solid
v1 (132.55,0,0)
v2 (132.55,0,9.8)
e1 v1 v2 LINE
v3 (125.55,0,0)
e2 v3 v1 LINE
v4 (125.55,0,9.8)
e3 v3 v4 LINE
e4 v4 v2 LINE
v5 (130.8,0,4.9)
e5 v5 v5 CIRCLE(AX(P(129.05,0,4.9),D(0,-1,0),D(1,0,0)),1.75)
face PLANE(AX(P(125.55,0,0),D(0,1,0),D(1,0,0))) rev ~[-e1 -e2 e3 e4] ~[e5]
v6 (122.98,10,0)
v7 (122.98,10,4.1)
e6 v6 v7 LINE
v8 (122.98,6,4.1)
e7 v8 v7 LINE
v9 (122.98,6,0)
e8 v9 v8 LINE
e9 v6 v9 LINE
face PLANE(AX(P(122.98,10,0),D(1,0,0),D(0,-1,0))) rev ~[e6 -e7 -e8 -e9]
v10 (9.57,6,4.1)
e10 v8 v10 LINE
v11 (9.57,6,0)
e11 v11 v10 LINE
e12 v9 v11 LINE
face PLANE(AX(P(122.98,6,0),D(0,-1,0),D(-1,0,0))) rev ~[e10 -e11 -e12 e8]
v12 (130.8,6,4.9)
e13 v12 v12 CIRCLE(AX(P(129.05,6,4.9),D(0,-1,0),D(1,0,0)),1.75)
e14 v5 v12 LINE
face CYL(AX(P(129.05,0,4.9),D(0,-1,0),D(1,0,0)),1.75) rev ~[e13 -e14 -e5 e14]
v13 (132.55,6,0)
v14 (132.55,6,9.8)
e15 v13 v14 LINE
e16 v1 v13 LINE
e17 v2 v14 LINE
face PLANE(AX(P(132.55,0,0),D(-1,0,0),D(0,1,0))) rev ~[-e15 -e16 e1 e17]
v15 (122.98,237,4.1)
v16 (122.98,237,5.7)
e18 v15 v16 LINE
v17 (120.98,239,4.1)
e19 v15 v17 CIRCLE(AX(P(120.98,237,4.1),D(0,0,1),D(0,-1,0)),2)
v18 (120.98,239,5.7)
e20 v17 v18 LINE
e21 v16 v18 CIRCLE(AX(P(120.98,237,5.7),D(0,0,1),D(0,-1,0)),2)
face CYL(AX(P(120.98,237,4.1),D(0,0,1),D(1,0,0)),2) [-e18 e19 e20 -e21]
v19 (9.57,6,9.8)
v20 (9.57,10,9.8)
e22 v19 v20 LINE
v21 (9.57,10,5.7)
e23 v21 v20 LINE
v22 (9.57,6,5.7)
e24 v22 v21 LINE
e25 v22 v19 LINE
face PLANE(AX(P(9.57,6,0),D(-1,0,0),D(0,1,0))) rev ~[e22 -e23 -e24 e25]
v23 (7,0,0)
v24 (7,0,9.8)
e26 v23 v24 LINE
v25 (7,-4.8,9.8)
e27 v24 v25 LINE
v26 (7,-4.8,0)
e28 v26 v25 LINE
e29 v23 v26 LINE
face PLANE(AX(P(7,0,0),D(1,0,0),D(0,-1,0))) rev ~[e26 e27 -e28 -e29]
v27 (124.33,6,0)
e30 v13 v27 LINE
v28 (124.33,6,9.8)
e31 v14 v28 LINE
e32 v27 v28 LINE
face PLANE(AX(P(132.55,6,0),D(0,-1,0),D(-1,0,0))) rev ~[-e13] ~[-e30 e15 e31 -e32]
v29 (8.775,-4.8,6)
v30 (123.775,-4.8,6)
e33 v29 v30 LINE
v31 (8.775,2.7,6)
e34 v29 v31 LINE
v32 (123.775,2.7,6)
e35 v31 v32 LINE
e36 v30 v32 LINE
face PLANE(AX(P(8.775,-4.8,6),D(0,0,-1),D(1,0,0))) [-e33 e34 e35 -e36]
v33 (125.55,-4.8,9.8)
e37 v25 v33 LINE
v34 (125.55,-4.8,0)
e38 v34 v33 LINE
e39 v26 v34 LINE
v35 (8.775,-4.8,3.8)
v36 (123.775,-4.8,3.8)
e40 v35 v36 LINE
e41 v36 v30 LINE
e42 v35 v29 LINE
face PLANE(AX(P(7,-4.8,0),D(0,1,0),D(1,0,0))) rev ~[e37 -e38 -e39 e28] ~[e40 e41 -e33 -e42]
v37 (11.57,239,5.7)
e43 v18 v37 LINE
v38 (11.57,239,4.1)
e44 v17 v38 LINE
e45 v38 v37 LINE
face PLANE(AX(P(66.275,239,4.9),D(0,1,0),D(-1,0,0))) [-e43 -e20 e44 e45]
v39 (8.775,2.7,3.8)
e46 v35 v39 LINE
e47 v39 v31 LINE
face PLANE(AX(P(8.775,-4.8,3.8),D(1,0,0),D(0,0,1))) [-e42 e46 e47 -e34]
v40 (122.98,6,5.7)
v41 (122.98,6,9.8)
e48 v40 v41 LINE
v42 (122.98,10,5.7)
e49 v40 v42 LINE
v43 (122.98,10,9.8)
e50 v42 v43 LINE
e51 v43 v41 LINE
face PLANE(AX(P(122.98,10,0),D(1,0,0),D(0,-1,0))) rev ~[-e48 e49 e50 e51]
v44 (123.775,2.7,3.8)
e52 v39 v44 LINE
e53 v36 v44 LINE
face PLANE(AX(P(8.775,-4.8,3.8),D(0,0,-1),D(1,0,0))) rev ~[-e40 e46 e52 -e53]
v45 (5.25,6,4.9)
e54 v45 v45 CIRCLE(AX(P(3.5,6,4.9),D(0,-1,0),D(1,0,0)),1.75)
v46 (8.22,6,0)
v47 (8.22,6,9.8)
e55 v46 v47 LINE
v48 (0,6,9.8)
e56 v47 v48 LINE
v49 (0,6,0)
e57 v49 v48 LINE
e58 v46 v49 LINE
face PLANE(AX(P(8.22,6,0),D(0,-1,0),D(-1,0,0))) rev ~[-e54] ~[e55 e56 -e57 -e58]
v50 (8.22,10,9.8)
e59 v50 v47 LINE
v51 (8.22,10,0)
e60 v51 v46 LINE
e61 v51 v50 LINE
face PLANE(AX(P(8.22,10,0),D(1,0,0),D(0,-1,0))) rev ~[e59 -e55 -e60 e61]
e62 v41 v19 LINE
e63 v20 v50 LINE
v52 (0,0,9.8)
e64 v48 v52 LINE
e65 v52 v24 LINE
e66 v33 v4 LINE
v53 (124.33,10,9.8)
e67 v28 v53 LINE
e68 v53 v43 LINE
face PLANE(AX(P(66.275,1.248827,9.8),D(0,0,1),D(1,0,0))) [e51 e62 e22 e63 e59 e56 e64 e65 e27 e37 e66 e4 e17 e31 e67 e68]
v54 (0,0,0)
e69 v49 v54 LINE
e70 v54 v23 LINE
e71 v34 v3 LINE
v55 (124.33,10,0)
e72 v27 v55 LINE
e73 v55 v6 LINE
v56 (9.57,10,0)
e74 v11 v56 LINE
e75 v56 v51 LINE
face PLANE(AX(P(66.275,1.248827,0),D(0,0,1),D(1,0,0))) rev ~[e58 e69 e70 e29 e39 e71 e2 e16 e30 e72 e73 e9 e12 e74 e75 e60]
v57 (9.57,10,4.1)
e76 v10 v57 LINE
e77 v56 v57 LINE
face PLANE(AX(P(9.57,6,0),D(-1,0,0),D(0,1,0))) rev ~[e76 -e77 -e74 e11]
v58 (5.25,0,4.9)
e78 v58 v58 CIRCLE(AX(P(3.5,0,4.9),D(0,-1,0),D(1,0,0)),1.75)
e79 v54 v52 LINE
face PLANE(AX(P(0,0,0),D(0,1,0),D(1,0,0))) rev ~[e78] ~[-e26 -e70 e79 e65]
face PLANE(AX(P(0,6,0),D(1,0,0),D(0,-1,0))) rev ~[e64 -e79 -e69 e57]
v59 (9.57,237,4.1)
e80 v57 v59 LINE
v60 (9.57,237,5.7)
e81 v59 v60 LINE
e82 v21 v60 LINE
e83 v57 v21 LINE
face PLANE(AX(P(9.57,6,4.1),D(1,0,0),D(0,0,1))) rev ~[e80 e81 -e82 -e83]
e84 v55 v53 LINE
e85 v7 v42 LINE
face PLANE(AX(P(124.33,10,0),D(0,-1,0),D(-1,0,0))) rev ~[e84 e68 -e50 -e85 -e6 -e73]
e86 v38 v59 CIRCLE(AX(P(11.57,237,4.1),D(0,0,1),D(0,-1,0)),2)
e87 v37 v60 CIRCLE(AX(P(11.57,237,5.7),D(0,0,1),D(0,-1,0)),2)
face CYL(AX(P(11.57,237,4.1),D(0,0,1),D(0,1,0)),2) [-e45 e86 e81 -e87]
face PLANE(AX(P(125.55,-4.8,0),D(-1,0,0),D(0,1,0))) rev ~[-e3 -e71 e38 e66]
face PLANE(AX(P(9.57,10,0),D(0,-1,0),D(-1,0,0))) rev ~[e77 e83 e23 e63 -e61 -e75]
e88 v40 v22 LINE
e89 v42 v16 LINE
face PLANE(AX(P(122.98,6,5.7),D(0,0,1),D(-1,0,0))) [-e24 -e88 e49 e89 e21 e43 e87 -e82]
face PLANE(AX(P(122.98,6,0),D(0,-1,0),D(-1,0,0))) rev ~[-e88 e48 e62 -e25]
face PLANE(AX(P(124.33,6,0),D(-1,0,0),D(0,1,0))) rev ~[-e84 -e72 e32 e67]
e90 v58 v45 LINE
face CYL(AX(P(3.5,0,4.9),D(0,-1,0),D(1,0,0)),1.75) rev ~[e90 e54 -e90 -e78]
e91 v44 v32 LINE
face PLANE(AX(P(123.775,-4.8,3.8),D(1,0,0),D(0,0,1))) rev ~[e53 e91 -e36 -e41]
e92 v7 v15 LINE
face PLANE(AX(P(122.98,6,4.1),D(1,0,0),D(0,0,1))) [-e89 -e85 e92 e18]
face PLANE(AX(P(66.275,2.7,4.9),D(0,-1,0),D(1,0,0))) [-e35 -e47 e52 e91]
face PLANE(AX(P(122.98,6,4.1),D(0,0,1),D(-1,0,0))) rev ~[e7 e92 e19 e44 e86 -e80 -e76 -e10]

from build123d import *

# Parameters (mm, degrees)
F1_DEPTH = 9.8
F2_R     = 1.75
F3_DEPTH = 7
F4_R     = 1.75
F5_DEPTH = 7
F6_W     = 115
F6_H     = 2.2
F7_DEPTH = 7.5
F8_W     = 113.41
F8_H     = 1.6
F9_DEPTH = 233
F10_R    = 2


with BuildPart() as f1:
    # F0 (on Top) → F1 (new body)
    with BuildSketch(Plane.XY):
        Polygon((8.22, 6), (0, 6), (0, 0), (7, 0), (7, -4.8), (125.55, -4.8), (125.55, 0), (132.55, 0), (132.55, 6), (124.33, 6), (124.33, 10), (122.98, 10), (122.98, 6), (9.57, 6), (9.57, 10), (8.22, 10), align=None)
    extrude(amount=F1_DEPTH)

    # F2 (on face) → F3 (cut)
    with BuildSketch(Plane.XZ):
        with Locations((3.5, 4.9)):
            Circle(F2_R)
    extrude(amount=-F3_DEPTH, mode=Mode.SUBTRACT)

    # F4 (on face) → F5 (cut)
    with BuildSketch(Plane.XZ):
        with Locations((129.05, 4.9)):
            Circle(F4_R)
    extrude(amount=-F5_DEPTH, mode=Mode.SUBTRACT)

    # F6 (on face) → F7 (cut)
    with BuildSketch(Plane.XZ.offset(4.8)):
        with Locations((66.275, 4.9)):
            Rectangle(F6_W, F6_H)
    extrude(amount=-F7_DEPTH, mode=Mode.SUBTRACT)

    # F8 (on face) → F9 (join)
    with BuildSketch(Plane(origin=(0, 6, 0), x_dir=(-1, 0, 0), z_dir=(0, 1, 0))):
        with Locations((-66.275, 4.9)):
            Rectangle(F8_W, F8_H)
    extrude(amount=F9_DEPTH)

    # F10
    f10_edges = [f1.edges().sort_by_distance(p)[0] for p in [
        (122.98, 239, 4.9),
        (9.57, 239, 4.9),
    ]]
    fillet(f10_edges, radius=F10_R)


solid = f1.part
